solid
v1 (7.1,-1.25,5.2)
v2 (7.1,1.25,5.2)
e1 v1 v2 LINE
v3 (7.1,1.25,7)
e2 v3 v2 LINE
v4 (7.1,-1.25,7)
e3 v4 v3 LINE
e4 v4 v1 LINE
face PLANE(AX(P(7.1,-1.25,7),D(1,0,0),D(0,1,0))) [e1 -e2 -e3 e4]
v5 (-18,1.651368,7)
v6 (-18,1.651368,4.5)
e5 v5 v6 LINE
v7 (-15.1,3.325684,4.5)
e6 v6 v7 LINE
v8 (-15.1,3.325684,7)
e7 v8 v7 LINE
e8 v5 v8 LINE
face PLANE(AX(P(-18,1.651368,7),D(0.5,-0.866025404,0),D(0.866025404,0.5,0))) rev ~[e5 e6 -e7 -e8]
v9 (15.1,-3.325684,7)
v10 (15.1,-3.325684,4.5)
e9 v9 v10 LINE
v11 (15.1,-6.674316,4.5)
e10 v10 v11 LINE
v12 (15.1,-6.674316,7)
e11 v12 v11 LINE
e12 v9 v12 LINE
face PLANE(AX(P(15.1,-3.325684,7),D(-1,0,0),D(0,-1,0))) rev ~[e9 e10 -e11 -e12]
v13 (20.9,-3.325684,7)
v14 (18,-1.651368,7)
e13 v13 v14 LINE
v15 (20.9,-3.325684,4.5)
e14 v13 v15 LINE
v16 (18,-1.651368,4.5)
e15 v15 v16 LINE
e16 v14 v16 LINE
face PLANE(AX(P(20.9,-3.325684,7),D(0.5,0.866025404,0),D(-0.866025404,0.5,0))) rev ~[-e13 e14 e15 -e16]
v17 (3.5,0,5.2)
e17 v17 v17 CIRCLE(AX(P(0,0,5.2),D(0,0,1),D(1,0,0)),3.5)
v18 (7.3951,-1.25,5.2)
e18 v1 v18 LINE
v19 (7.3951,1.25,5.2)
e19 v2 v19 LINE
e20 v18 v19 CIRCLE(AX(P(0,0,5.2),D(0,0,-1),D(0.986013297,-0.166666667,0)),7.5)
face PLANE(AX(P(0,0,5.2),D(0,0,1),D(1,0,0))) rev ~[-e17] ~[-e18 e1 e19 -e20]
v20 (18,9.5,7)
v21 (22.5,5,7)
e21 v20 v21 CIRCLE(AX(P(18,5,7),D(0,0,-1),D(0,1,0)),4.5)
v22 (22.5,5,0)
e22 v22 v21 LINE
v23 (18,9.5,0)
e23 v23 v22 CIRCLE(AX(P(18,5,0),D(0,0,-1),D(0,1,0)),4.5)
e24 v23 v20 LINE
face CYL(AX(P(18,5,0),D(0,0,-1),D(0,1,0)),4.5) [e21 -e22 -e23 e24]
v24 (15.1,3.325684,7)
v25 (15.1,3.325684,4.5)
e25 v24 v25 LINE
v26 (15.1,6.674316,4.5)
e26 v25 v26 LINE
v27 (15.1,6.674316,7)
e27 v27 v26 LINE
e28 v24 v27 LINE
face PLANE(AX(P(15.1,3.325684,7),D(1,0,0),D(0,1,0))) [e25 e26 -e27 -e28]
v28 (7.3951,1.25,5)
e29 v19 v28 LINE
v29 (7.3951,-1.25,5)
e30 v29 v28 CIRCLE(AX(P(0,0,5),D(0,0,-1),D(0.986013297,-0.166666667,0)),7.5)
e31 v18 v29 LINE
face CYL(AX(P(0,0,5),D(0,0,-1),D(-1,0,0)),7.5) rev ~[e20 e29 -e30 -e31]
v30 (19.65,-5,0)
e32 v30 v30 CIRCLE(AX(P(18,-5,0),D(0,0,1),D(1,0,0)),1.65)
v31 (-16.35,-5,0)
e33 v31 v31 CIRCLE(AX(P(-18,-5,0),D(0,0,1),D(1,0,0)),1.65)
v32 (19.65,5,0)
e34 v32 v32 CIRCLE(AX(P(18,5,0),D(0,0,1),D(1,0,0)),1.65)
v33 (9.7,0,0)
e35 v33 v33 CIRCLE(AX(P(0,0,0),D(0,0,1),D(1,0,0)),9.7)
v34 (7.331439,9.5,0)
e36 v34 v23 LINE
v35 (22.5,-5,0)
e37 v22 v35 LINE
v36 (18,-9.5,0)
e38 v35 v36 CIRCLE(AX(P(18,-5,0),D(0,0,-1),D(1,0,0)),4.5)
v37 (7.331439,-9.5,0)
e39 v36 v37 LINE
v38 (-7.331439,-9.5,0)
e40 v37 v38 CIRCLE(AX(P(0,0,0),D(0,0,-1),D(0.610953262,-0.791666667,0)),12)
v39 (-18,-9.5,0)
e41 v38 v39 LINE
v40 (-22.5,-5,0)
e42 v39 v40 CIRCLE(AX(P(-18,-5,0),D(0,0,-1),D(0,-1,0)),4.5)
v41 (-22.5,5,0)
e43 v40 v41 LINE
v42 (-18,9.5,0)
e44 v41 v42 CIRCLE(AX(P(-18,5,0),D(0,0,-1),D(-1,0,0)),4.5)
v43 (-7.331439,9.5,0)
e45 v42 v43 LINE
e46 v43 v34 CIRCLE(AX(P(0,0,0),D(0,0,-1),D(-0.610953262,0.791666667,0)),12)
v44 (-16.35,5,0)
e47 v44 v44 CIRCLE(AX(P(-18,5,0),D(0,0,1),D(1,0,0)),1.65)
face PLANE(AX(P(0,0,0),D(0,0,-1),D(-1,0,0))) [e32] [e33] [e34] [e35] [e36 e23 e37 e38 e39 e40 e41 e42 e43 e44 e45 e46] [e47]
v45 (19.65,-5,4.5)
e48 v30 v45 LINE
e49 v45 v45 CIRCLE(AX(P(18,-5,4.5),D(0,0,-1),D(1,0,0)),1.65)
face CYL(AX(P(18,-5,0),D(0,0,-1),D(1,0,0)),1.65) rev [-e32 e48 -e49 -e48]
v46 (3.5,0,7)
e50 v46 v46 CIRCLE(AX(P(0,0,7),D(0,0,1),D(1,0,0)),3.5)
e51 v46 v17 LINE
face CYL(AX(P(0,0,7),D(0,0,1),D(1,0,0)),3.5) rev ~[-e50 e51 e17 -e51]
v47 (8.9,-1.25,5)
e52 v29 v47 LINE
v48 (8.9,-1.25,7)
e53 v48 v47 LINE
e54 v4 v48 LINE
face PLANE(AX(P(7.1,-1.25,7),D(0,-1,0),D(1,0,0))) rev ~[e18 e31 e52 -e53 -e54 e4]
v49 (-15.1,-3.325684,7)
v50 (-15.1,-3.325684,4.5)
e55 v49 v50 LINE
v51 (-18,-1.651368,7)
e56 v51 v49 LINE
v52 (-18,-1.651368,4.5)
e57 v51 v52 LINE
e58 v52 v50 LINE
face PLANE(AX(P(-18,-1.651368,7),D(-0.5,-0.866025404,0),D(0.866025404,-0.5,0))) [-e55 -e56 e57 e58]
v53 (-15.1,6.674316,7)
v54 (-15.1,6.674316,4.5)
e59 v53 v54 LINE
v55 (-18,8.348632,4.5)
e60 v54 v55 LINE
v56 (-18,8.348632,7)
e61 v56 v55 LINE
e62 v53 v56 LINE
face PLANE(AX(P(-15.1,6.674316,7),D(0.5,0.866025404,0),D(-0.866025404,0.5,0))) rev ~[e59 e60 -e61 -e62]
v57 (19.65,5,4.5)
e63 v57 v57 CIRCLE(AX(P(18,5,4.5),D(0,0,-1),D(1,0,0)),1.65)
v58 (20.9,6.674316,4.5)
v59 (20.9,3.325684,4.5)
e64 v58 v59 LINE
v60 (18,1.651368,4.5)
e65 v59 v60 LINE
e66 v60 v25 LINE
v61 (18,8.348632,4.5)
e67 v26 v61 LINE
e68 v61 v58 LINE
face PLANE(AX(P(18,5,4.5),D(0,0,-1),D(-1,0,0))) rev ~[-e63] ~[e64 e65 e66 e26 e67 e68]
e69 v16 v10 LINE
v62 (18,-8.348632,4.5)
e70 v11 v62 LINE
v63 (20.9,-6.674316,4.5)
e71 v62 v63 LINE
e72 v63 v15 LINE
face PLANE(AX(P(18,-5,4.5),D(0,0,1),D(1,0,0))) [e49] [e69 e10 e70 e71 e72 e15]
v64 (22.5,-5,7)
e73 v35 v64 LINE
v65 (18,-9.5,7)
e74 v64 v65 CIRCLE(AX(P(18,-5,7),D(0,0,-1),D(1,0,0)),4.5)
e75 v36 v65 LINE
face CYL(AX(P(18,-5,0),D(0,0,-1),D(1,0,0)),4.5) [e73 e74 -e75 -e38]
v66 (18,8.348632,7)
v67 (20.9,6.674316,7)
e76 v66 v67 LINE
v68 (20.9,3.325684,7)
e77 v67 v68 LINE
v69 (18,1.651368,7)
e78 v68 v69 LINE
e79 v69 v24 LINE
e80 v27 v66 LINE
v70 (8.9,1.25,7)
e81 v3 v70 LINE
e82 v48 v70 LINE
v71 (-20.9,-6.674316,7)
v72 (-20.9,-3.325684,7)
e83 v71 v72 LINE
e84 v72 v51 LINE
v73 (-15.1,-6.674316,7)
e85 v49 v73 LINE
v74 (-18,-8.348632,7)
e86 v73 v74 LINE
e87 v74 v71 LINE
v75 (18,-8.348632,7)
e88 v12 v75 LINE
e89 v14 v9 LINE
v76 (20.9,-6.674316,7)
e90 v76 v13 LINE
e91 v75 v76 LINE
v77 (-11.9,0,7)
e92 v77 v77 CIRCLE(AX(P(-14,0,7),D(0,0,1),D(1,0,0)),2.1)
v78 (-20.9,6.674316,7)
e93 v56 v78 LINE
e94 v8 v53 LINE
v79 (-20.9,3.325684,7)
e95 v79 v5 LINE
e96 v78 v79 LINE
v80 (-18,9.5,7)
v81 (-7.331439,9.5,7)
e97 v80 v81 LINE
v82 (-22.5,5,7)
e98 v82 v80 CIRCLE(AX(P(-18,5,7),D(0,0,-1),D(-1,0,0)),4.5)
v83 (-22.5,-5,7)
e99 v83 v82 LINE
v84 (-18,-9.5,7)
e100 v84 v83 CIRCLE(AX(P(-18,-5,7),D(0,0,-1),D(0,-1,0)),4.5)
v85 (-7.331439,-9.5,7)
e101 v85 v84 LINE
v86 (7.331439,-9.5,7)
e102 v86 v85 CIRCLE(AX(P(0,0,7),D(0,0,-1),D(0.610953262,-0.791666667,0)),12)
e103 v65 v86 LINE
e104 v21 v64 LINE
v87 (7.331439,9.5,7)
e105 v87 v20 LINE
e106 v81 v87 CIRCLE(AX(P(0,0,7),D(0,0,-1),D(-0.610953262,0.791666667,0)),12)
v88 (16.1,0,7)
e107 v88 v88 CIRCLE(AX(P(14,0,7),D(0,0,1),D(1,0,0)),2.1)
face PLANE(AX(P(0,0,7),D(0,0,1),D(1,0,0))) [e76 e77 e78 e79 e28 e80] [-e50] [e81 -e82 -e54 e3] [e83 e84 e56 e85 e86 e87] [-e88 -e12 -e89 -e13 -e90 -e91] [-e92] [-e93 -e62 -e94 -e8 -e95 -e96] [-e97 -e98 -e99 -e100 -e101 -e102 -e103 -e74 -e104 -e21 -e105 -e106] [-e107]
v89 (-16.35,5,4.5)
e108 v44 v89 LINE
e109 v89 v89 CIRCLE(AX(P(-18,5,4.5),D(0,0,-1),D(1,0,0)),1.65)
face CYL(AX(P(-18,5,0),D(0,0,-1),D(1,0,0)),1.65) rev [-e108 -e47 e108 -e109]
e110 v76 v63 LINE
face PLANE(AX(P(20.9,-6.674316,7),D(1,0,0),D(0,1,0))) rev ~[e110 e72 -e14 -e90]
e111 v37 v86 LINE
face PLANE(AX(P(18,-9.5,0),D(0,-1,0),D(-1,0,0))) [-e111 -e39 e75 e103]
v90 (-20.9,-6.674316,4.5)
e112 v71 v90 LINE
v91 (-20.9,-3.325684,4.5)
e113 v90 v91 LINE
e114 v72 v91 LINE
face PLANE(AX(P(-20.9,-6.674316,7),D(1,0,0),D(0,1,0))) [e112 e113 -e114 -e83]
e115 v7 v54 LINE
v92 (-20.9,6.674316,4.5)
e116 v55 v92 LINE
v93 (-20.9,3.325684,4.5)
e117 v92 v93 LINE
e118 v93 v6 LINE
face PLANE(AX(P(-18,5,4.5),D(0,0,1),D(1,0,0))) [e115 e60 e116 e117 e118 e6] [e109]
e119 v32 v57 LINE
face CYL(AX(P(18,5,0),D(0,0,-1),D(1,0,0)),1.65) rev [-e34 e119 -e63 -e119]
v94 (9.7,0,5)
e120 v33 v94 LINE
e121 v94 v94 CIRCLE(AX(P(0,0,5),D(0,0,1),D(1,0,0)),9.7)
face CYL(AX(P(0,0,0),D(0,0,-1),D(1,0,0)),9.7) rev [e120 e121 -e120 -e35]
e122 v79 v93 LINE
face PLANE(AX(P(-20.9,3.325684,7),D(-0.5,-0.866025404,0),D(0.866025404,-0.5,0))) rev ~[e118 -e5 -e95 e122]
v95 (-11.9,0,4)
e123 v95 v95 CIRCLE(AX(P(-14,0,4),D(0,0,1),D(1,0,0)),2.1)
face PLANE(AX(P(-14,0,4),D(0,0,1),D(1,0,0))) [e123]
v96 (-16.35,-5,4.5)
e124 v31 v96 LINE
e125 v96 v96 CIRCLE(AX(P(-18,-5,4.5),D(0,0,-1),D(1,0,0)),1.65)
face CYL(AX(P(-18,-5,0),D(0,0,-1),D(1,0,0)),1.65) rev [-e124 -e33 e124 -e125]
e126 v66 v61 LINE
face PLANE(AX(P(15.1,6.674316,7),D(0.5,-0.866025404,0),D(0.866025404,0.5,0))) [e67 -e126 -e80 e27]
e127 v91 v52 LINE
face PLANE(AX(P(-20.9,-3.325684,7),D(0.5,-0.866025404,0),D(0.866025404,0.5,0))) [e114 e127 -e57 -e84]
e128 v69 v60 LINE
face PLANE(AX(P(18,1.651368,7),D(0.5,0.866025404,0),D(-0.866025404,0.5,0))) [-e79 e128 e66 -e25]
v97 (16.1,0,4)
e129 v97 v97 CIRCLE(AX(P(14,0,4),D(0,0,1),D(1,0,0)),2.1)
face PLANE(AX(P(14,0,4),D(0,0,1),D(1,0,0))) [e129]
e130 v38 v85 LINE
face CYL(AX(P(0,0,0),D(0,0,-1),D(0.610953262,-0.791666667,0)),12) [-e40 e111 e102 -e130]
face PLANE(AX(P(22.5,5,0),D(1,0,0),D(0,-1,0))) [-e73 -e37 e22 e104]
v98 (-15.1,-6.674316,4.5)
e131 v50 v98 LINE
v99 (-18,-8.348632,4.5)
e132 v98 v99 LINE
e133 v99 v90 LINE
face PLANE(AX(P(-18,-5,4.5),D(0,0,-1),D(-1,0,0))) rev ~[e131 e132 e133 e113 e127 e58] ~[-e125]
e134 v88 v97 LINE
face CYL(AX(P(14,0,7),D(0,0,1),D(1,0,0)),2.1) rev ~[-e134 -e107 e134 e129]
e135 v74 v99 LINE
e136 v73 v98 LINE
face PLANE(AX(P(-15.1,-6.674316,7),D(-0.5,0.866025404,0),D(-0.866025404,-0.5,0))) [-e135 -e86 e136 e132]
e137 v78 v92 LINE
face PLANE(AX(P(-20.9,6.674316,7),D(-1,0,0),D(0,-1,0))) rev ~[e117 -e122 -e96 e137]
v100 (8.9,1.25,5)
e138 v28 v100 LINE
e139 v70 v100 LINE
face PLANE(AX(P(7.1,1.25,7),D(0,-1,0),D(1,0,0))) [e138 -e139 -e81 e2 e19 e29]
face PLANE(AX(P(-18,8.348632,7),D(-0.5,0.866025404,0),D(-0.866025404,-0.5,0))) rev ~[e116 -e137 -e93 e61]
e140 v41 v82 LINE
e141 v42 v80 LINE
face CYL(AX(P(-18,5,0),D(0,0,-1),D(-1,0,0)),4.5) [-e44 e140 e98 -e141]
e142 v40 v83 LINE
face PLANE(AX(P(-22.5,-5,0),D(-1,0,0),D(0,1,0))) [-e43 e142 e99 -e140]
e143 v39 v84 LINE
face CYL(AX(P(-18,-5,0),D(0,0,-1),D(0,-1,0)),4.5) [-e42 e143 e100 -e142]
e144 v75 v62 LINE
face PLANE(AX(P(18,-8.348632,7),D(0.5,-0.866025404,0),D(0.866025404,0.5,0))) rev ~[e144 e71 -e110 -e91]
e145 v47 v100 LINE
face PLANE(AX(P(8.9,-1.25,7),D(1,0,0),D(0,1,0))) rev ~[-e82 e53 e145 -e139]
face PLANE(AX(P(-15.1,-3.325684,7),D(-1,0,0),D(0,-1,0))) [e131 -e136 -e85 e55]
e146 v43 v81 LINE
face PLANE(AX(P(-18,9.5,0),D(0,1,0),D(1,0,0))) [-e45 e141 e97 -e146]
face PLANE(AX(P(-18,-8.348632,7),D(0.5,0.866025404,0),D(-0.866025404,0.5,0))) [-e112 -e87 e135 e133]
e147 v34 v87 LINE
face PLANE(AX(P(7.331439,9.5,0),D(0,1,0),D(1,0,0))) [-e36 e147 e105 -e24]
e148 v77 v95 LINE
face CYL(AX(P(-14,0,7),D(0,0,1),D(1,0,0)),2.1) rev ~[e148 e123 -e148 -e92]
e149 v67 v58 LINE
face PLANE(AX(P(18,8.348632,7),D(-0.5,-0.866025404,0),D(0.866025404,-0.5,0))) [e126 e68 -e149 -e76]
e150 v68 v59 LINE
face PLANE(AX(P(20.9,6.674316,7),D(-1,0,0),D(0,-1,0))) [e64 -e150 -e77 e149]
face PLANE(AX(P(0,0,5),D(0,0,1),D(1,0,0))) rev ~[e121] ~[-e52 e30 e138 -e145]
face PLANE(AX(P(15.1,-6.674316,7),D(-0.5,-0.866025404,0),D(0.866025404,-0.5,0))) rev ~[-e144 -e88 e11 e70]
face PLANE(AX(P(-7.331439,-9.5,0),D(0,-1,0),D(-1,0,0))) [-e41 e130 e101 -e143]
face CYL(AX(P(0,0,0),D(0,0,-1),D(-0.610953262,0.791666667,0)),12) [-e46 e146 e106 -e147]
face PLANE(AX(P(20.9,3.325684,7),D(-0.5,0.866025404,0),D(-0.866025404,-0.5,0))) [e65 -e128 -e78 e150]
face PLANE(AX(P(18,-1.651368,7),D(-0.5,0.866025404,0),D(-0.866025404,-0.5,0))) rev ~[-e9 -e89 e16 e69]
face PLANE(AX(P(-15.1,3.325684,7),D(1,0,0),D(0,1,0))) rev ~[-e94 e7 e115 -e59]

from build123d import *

# Parameters (mm, degrees)
SKETCH2_R           = 1.65
BOSS_EXTRUDE1_DEPTH = 7
SKETCH3_R           = 9.7
CUT_EXTRUDE1_DEPTH  = 5
SKETCH4_R           = 7.5
CUT_EXTRUDE2_DEPTH  = 5
CUT_EXTRUDE3_DEPTH  = 2.5
SKETCH6_R           = 7.5
SKETCH6_R_2         = 3.5
BOSS_EXTRUDE2_DEPTH = 1.8
SKETCH7_W           = 1.8
SKETCH7_H           = 2.5
CUT_EXTRUDE4_DEPTH  = 2.5
SKETCH8_R           = 2.1
CUT_EXTRUDE5_DEPTH  = 3


with BuildPart() as part:
    # Sketch2 → Boss-Extrude1 (new body)
    with BuildSketch(Plane.XY):
        with BuildLine():
            Line((-18, 9.5), (-7.331439149, 9.5))
            ThreePointArc((-7.331439149, 9.5), (0, 12), (7.331439149, 9.5))
            Line((7.331439149, 9.5), (18, 9.5))
            ThreePointArc((18, 9.5), (21.181980515, 8.181980515), (22.5, 5))
            Line((22.5, 5), (22.5, -5))
            ThreePointArc((22.5, -5), (21.181980515, -8.181980515), (18, -9.5))
            Line((18, -9.5), (7.331439149, -9.5))
            ThreePointArc((7.331439149, -9.5), (0, -12), (-7.331439149, -9.5))
            Line((-7.331439149, -9.5), (-18, -9.5))
            ThreePointArc((-18, -9.5), (-21.181980515, -8.181980515), (-22.5, -5))
            Line((-22.5, -5), (-22.5, 5))
            ThreePointArc((-22.5, 5), (-21.181980515, 8.181980515), (-18, 9.5))
        make_face()
        with Locations((-18, 5)):
            Circle(SKETCH2_R, mode=Mode.SUBTRACT)
        with Locations((18, 5)):
            Circle(SKETCH2_R, mode=Mode.SUBTRACT)
        with Locations((18, -5)):
            Circle(SKETCH2_R, mode=Mode.SUBTRACT)
        with Locations((-18, -5)):
            Circle(SKETCH2_R, mode=Mode.SUBTRACT)
    extrude(amount=BOSS_EXTRUDE1_DEPTH)

    # Sketch3 → Cut-Extrude1 (cut)
    with BuildSketch(Plane.XY):
        Circle(SKETCH3_R)
    extrude(amount=CUT_EXTRUDE1_DEPTH, mode=Mode.SUBTRACT)

    # Sketch4 → Cut-Extrude2 (cut)
    with BuildSketch(Plane(origin=(0, 0, 5), x_dir=(-1, 0, 0), z_dir=(0, 0, -1))):
        Circle(SKETCH4_R)
    extrude(amount=-CUT_EXTRUDE2_DEPTH, mode=Mode.SUBTRACT)

    # Sketch5 → Cut-Extrude3 (cut)
    with BuildSketch(Plane.XY.offset(7)):
        Polygon((-18, 8.348631561), (-20.9, 6.674315781), (-20.9, 3.325684219), (-18, 1.651368439), (-15.1, 3.325684219), (-15.1, 6.674315781), align=None)
        Polygon((15.1, 6.674315781), (18, 8.348631561), (20.9, 6.674315781), (20.9, 3.325684219), (18, 1.651368439), (15.1, 3.325684219), align=None)
        Polygon((15.1, -3.325684219), (15.1, -6.674315781), (18, -8.348631561), (20.9, -6.674315781), (20.9, -3.325684219), (18, -1.651368439), align=None)
        Polygon((-15.1, -6.674315781), (-18, -8.348631561), (-20.9, -6.674315781), (-20.9, -3.325684219), (-18, -1.651368439), (-15.1, -3.325684219), align=None)
    extrude(amount=-CUT_EXTRUDE3_DEPTH, mode=Mode.SUBTRACT)

    # Sketch6 → Boss-Extrude2 (add)
    with BuildSketch(Plane.XY.offset(7)):
        Circle(SKETCH6_R)
        Circle(SKETCH6_R_2, mode=Mode.SUBTRACT)
    extrude(amount=-BOSS_EXTRUDE2_DEPTH)

    # Sketch7 → Cut-Extrude4 (cut)
    with BuildSketch(Plane.XY.offset(7)):
        with Locations((8, 0)):
            Rectangle(SKETCH7_W, SKETCH7_H)
    extrude(amount=-CUT_EXTRUDE4_DEPTH, mode=Mode.SUBTRACT)

    # Sketch8 → Cut-Extrude5 (cut)
    with BuildSketch(Plane.XY.offset(7)):
        with Locations((-14, 0)):
            Circle(SKETCH8_R)
        with Locations((14, 0)):
            Circle(SKETCH8_R)
    extrude(amount=-CUT_EXTRUDE5_DEPTH, mode=Mode.SUBTRACT)


solid = part.part
